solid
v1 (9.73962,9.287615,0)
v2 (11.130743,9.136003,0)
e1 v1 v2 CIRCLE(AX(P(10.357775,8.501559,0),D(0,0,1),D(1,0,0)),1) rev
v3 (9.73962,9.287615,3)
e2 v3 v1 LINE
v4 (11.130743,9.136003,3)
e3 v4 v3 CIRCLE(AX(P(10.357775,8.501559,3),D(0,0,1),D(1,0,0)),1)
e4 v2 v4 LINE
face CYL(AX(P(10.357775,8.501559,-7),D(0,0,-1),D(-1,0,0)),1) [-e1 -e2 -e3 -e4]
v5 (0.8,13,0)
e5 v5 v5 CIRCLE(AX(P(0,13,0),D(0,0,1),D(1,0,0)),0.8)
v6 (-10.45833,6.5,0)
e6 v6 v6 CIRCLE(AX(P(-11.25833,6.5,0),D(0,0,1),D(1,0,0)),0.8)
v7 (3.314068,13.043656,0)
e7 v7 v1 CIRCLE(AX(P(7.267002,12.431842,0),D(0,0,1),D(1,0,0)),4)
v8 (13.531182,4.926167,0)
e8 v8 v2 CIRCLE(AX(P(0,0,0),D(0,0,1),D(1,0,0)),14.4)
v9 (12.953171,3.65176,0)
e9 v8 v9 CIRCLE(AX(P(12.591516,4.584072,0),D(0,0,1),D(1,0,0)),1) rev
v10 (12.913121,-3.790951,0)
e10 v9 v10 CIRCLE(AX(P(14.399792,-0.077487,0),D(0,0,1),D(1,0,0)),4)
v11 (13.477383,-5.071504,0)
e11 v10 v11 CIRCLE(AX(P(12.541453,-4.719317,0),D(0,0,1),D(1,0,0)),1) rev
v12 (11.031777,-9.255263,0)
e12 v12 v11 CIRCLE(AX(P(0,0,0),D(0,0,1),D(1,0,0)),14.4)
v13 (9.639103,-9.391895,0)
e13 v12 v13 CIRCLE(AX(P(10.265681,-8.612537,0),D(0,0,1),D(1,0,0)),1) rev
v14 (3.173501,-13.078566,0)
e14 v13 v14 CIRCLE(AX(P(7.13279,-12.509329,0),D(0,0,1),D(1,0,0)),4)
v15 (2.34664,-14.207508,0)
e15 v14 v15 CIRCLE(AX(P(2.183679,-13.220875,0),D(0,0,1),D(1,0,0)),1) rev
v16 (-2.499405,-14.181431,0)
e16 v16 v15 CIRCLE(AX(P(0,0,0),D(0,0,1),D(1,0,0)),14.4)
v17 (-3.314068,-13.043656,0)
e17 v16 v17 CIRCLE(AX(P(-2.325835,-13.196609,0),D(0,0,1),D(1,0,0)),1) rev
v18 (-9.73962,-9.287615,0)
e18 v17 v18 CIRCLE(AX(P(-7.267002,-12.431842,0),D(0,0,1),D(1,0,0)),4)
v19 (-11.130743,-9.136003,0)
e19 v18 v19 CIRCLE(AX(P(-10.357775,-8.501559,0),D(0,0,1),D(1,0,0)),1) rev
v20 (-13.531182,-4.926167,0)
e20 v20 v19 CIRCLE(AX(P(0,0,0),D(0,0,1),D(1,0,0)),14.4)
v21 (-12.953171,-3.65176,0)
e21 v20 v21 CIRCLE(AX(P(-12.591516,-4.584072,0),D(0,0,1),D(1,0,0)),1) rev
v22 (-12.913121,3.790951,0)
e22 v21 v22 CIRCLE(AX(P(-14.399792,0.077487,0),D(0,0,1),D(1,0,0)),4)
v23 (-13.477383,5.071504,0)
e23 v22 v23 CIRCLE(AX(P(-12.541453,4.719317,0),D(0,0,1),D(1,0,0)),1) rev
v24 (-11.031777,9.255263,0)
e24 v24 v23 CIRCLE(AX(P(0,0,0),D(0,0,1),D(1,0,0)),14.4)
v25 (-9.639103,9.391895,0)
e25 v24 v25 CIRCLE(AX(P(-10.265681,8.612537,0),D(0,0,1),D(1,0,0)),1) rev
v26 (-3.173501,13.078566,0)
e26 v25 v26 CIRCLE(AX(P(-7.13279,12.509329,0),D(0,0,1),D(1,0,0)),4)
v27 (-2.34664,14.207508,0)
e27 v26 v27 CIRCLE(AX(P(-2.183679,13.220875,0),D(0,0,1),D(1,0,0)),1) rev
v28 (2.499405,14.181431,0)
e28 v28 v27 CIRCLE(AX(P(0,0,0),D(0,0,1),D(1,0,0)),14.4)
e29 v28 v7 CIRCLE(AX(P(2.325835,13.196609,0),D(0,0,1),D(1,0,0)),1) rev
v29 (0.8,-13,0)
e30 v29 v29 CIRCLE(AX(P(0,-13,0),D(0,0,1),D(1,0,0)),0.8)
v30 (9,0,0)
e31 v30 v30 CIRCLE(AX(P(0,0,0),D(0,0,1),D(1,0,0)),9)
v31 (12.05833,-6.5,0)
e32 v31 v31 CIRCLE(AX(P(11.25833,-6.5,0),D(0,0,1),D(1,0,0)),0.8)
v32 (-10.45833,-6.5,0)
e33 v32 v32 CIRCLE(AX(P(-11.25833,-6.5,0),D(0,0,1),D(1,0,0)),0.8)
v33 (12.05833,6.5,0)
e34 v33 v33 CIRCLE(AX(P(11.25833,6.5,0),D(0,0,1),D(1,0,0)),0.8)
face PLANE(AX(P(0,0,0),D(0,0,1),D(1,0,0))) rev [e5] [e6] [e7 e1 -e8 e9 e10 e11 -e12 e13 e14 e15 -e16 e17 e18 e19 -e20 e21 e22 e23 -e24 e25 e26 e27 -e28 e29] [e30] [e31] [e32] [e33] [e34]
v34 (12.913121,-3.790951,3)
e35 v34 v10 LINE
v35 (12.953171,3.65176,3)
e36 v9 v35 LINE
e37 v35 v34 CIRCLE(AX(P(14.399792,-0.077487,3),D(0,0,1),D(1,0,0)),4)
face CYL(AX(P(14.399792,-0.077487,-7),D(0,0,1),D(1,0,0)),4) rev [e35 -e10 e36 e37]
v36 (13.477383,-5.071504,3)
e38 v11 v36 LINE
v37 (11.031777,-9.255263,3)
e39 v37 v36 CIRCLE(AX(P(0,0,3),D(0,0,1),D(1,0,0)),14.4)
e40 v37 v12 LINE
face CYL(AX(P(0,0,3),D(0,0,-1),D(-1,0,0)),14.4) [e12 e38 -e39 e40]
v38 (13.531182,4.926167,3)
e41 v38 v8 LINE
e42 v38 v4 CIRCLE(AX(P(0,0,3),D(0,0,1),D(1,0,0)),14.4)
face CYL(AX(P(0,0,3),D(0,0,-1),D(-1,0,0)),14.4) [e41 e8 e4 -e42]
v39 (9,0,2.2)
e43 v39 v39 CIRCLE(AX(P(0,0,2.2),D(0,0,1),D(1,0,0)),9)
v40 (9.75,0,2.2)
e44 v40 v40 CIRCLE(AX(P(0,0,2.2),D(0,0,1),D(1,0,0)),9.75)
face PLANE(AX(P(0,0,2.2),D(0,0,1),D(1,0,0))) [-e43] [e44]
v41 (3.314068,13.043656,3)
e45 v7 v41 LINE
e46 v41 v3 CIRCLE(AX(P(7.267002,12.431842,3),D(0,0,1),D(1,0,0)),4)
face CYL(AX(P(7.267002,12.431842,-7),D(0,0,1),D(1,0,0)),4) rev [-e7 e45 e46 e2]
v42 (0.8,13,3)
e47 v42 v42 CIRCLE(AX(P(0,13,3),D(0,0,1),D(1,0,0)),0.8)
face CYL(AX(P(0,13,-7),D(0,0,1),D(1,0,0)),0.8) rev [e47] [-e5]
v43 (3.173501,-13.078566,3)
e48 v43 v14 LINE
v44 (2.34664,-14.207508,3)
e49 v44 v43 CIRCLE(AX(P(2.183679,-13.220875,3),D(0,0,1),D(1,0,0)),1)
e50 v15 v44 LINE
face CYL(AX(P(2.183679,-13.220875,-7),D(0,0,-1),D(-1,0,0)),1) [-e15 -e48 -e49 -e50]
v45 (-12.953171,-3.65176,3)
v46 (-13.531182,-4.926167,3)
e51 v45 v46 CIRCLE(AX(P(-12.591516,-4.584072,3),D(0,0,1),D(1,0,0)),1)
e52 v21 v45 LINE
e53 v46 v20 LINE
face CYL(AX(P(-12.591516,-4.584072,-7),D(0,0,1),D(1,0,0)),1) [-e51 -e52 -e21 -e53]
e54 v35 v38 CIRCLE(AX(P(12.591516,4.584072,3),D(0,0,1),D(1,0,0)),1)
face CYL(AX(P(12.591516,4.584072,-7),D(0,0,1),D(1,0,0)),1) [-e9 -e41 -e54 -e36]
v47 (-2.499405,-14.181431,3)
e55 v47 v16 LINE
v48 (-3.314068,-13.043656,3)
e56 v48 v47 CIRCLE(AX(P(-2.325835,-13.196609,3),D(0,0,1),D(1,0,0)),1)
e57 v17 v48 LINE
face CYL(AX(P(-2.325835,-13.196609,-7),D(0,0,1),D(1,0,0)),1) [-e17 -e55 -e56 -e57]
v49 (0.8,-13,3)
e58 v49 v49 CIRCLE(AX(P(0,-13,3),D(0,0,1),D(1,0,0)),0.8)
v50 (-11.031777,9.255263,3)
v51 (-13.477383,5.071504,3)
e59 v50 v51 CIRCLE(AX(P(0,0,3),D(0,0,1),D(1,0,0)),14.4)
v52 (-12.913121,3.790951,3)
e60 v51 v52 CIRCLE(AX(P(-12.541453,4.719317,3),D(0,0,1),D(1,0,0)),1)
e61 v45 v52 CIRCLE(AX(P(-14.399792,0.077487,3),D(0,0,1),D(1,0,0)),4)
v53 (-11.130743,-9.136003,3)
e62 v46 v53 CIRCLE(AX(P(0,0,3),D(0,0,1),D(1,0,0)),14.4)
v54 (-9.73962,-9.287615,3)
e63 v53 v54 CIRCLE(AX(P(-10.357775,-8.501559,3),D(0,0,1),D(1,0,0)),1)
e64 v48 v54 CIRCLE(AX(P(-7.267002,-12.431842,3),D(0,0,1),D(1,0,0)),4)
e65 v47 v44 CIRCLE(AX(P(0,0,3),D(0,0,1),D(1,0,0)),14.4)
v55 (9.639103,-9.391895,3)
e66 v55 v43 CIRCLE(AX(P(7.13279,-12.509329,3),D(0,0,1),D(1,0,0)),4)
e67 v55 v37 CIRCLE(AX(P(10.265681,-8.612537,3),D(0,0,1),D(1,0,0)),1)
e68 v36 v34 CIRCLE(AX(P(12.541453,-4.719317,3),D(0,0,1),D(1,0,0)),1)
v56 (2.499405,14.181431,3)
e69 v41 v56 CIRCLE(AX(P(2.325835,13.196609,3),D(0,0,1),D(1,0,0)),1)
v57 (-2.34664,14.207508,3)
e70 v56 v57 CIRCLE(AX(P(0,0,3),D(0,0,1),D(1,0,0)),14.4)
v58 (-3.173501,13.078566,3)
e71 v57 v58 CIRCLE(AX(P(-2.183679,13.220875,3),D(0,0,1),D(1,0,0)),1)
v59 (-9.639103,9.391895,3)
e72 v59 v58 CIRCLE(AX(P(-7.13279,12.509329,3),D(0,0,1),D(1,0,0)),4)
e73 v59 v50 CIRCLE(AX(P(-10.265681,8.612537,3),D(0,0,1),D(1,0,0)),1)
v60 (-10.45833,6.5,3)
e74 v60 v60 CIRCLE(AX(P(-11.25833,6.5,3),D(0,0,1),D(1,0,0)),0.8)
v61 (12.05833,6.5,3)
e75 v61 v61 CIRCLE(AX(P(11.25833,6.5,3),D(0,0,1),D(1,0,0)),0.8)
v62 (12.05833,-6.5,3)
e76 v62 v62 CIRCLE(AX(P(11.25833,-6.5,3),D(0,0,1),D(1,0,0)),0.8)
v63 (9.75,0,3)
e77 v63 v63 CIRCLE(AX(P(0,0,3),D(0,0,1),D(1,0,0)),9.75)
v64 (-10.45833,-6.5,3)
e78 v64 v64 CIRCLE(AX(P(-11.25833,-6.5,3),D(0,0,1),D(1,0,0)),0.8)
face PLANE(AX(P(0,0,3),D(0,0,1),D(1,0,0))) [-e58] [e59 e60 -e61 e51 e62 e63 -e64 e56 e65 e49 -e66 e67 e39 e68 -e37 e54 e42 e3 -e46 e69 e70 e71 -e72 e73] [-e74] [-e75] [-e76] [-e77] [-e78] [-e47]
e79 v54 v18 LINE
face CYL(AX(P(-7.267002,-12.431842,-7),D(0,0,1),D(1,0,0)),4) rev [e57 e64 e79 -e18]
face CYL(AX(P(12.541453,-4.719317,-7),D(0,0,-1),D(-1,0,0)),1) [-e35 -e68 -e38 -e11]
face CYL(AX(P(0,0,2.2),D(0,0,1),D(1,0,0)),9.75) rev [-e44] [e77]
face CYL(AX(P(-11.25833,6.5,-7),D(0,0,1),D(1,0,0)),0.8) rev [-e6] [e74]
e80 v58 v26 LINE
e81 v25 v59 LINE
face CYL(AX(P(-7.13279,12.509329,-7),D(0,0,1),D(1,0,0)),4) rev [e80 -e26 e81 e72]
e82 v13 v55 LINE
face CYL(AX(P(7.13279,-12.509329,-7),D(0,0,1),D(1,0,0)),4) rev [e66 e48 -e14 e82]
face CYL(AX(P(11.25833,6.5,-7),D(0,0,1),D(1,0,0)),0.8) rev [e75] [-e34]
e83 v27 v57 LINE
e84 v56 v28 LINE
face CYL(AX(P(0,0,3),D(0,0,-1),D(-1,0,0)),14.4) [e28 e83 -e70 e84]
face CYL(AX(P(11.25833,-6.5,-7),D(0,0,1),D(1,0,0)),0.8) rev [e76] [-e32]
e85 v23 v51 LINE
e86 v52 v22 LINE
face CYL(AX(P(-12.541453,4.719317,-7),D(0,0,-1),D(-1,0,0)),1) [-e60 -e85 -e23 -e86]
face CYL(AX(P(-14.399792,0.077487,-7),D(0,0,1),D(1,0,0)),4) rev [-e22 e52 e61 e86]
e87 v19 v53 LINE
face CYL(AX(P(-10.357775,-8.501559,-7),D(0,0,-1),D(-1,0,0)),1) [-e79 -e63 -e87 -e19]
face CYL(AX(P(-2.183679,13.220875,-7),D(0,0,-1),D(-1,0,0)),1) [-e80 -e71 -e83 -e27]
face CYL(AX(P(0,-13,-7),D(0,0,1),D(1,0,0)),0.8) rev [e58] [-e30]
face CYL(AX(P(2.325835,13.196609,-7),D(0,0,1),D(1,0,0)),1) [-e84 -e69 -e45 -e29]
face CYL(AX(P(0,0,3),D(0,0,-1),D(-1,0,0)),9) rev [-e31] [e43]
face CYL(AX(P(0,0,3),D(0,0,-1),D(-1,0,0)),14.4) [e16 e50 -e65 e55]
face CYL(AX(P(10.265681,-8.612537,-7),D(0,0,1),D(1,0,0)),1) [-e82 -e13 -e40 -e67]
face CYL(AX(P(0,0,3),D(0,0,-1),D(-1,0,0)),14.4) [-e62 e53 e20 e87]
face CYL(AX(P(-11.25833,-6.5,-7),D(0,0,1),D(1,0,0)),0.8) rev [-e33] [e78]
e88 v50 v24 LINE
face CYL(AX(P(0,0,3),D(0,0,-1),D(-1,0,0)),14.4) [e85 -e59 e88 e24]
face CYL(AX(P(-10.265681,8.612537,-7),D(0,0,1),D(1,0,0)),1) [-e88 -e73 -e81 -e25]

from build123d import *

# Parameters (mm, degrees)
SKETCH_1_R          = 14.4
SKETCH_1_R_2        = 9
EXTRUDE_1_DEPTH     = 3
SKETCH_2_R          = 9.75
CUT_EXTRUDE_1_DEPTH = 0.8
SKETCH_3_R          = 0.8
CUT_EXTRUDE_2_DEPTH = 10
SKETCH_4_R          = 4
CUT_EXTRUDE_3_DEPTH = 10
FILLET_1_R          = 1


with BuildPart() as part:
    # 草图1 → 凸台-拉伸1 (new body)
    with BuildSketch(Plane.XY):
        Circle(SKETCH_1_R)
        Circle(SKETCH_1_R_2, mode=Mode.SUBTRACT)
    extrude(amount=EXTRUDE_1_DEPTH)

    # 草图2 → 切除-拉伸1 (cut)
    with BuildSketch(Plane.XY.offset(3)):
        Circle(SKETCH_2_R)
    extrude(amount=-CUT_EXTRUDE_1_DEPTH, mode=Mode.SUBTRACT)

    # 草图3 → 切除-拉伸2 (cut)
    with BuildSketch(Plane.XY.offset(3)):
        with Locations((0, 13)):
            Circle(SKETCH_3_R)
        with Locations((11.258330249, 6.5)):
            Circle(SKETCH_3_R)
        with Locations((11.258330249, -6.5)):
            Circle(SKETCH_3_R)
        with Locations((0, -13)):
            Circle(SKETCH_3_R)
        with Locations((-11.258330249, -6.5)):
            Circle(SKETCH_3_R)
        with Locations((-11.258330249, 6.5)):
            Circle(SKETCH_3_R)
    extrude(amount=-CUT_EXTRUDE_2_DEPTH, mode=Mode.SUBTRACT)

    # 草图4 → 切除-拉伸3 (cut)
    with BuildSketch(Plane.XY.offset(3)):
        with Locations((7.267001819, 12.431841559)):
            Circle(SKETCH_4_R)
        with Locations((14.399791516, -0.077487405)):
            Circle(SKETCH_4_R)
        with Locations((7.132789697, -12.509328965)):
            Circle(SKETCH_4_R)
        with Locations((-7.267001819, -12.431841559)):
            Circle(SKETCH_4_R)
        with Locations((-14.399791516, 0.077487405)):
            Circle(SKETCH_4_R)
        with Locations((-7.132789697, 12.509328965)):
            Circle(SKETCH_4_R)
    extrude(amount=-CUT_EXTRUDE_3_DEPTH, mode=Mode.SUBTRACT)

    # 圆角1
    fillet_1_edges = [part.edges().sort_by_distance(p)[0] for p in [
        (3.566819155, 13.951265216, 1.5),
        (10.406459035, 9.953170869, 1.5),
        (13.865559669, 3.886676609, 1.5),
        (13.822928338, -4.035672453, 1.5),
        (10.298740514, -10.064588606, 1.5),
        (3.416469303, -13.988843322, 1.5),
        (-3.566819155, -13.951265216, 1.5),
        (-10.406459035, -9.953170869, 1.5),
        (-13.865559669, -3.886676609, 1.5),
        (-13.822928338, 4.035672453, 1.5),
        (-10.298740514, 10.064588606, 1.5),
        (-3.416469303, 13.988843322, 1.5),
    ]]
    fillet(fillet_1_edges, radius=FILLET_1_R)


solid = part.part
